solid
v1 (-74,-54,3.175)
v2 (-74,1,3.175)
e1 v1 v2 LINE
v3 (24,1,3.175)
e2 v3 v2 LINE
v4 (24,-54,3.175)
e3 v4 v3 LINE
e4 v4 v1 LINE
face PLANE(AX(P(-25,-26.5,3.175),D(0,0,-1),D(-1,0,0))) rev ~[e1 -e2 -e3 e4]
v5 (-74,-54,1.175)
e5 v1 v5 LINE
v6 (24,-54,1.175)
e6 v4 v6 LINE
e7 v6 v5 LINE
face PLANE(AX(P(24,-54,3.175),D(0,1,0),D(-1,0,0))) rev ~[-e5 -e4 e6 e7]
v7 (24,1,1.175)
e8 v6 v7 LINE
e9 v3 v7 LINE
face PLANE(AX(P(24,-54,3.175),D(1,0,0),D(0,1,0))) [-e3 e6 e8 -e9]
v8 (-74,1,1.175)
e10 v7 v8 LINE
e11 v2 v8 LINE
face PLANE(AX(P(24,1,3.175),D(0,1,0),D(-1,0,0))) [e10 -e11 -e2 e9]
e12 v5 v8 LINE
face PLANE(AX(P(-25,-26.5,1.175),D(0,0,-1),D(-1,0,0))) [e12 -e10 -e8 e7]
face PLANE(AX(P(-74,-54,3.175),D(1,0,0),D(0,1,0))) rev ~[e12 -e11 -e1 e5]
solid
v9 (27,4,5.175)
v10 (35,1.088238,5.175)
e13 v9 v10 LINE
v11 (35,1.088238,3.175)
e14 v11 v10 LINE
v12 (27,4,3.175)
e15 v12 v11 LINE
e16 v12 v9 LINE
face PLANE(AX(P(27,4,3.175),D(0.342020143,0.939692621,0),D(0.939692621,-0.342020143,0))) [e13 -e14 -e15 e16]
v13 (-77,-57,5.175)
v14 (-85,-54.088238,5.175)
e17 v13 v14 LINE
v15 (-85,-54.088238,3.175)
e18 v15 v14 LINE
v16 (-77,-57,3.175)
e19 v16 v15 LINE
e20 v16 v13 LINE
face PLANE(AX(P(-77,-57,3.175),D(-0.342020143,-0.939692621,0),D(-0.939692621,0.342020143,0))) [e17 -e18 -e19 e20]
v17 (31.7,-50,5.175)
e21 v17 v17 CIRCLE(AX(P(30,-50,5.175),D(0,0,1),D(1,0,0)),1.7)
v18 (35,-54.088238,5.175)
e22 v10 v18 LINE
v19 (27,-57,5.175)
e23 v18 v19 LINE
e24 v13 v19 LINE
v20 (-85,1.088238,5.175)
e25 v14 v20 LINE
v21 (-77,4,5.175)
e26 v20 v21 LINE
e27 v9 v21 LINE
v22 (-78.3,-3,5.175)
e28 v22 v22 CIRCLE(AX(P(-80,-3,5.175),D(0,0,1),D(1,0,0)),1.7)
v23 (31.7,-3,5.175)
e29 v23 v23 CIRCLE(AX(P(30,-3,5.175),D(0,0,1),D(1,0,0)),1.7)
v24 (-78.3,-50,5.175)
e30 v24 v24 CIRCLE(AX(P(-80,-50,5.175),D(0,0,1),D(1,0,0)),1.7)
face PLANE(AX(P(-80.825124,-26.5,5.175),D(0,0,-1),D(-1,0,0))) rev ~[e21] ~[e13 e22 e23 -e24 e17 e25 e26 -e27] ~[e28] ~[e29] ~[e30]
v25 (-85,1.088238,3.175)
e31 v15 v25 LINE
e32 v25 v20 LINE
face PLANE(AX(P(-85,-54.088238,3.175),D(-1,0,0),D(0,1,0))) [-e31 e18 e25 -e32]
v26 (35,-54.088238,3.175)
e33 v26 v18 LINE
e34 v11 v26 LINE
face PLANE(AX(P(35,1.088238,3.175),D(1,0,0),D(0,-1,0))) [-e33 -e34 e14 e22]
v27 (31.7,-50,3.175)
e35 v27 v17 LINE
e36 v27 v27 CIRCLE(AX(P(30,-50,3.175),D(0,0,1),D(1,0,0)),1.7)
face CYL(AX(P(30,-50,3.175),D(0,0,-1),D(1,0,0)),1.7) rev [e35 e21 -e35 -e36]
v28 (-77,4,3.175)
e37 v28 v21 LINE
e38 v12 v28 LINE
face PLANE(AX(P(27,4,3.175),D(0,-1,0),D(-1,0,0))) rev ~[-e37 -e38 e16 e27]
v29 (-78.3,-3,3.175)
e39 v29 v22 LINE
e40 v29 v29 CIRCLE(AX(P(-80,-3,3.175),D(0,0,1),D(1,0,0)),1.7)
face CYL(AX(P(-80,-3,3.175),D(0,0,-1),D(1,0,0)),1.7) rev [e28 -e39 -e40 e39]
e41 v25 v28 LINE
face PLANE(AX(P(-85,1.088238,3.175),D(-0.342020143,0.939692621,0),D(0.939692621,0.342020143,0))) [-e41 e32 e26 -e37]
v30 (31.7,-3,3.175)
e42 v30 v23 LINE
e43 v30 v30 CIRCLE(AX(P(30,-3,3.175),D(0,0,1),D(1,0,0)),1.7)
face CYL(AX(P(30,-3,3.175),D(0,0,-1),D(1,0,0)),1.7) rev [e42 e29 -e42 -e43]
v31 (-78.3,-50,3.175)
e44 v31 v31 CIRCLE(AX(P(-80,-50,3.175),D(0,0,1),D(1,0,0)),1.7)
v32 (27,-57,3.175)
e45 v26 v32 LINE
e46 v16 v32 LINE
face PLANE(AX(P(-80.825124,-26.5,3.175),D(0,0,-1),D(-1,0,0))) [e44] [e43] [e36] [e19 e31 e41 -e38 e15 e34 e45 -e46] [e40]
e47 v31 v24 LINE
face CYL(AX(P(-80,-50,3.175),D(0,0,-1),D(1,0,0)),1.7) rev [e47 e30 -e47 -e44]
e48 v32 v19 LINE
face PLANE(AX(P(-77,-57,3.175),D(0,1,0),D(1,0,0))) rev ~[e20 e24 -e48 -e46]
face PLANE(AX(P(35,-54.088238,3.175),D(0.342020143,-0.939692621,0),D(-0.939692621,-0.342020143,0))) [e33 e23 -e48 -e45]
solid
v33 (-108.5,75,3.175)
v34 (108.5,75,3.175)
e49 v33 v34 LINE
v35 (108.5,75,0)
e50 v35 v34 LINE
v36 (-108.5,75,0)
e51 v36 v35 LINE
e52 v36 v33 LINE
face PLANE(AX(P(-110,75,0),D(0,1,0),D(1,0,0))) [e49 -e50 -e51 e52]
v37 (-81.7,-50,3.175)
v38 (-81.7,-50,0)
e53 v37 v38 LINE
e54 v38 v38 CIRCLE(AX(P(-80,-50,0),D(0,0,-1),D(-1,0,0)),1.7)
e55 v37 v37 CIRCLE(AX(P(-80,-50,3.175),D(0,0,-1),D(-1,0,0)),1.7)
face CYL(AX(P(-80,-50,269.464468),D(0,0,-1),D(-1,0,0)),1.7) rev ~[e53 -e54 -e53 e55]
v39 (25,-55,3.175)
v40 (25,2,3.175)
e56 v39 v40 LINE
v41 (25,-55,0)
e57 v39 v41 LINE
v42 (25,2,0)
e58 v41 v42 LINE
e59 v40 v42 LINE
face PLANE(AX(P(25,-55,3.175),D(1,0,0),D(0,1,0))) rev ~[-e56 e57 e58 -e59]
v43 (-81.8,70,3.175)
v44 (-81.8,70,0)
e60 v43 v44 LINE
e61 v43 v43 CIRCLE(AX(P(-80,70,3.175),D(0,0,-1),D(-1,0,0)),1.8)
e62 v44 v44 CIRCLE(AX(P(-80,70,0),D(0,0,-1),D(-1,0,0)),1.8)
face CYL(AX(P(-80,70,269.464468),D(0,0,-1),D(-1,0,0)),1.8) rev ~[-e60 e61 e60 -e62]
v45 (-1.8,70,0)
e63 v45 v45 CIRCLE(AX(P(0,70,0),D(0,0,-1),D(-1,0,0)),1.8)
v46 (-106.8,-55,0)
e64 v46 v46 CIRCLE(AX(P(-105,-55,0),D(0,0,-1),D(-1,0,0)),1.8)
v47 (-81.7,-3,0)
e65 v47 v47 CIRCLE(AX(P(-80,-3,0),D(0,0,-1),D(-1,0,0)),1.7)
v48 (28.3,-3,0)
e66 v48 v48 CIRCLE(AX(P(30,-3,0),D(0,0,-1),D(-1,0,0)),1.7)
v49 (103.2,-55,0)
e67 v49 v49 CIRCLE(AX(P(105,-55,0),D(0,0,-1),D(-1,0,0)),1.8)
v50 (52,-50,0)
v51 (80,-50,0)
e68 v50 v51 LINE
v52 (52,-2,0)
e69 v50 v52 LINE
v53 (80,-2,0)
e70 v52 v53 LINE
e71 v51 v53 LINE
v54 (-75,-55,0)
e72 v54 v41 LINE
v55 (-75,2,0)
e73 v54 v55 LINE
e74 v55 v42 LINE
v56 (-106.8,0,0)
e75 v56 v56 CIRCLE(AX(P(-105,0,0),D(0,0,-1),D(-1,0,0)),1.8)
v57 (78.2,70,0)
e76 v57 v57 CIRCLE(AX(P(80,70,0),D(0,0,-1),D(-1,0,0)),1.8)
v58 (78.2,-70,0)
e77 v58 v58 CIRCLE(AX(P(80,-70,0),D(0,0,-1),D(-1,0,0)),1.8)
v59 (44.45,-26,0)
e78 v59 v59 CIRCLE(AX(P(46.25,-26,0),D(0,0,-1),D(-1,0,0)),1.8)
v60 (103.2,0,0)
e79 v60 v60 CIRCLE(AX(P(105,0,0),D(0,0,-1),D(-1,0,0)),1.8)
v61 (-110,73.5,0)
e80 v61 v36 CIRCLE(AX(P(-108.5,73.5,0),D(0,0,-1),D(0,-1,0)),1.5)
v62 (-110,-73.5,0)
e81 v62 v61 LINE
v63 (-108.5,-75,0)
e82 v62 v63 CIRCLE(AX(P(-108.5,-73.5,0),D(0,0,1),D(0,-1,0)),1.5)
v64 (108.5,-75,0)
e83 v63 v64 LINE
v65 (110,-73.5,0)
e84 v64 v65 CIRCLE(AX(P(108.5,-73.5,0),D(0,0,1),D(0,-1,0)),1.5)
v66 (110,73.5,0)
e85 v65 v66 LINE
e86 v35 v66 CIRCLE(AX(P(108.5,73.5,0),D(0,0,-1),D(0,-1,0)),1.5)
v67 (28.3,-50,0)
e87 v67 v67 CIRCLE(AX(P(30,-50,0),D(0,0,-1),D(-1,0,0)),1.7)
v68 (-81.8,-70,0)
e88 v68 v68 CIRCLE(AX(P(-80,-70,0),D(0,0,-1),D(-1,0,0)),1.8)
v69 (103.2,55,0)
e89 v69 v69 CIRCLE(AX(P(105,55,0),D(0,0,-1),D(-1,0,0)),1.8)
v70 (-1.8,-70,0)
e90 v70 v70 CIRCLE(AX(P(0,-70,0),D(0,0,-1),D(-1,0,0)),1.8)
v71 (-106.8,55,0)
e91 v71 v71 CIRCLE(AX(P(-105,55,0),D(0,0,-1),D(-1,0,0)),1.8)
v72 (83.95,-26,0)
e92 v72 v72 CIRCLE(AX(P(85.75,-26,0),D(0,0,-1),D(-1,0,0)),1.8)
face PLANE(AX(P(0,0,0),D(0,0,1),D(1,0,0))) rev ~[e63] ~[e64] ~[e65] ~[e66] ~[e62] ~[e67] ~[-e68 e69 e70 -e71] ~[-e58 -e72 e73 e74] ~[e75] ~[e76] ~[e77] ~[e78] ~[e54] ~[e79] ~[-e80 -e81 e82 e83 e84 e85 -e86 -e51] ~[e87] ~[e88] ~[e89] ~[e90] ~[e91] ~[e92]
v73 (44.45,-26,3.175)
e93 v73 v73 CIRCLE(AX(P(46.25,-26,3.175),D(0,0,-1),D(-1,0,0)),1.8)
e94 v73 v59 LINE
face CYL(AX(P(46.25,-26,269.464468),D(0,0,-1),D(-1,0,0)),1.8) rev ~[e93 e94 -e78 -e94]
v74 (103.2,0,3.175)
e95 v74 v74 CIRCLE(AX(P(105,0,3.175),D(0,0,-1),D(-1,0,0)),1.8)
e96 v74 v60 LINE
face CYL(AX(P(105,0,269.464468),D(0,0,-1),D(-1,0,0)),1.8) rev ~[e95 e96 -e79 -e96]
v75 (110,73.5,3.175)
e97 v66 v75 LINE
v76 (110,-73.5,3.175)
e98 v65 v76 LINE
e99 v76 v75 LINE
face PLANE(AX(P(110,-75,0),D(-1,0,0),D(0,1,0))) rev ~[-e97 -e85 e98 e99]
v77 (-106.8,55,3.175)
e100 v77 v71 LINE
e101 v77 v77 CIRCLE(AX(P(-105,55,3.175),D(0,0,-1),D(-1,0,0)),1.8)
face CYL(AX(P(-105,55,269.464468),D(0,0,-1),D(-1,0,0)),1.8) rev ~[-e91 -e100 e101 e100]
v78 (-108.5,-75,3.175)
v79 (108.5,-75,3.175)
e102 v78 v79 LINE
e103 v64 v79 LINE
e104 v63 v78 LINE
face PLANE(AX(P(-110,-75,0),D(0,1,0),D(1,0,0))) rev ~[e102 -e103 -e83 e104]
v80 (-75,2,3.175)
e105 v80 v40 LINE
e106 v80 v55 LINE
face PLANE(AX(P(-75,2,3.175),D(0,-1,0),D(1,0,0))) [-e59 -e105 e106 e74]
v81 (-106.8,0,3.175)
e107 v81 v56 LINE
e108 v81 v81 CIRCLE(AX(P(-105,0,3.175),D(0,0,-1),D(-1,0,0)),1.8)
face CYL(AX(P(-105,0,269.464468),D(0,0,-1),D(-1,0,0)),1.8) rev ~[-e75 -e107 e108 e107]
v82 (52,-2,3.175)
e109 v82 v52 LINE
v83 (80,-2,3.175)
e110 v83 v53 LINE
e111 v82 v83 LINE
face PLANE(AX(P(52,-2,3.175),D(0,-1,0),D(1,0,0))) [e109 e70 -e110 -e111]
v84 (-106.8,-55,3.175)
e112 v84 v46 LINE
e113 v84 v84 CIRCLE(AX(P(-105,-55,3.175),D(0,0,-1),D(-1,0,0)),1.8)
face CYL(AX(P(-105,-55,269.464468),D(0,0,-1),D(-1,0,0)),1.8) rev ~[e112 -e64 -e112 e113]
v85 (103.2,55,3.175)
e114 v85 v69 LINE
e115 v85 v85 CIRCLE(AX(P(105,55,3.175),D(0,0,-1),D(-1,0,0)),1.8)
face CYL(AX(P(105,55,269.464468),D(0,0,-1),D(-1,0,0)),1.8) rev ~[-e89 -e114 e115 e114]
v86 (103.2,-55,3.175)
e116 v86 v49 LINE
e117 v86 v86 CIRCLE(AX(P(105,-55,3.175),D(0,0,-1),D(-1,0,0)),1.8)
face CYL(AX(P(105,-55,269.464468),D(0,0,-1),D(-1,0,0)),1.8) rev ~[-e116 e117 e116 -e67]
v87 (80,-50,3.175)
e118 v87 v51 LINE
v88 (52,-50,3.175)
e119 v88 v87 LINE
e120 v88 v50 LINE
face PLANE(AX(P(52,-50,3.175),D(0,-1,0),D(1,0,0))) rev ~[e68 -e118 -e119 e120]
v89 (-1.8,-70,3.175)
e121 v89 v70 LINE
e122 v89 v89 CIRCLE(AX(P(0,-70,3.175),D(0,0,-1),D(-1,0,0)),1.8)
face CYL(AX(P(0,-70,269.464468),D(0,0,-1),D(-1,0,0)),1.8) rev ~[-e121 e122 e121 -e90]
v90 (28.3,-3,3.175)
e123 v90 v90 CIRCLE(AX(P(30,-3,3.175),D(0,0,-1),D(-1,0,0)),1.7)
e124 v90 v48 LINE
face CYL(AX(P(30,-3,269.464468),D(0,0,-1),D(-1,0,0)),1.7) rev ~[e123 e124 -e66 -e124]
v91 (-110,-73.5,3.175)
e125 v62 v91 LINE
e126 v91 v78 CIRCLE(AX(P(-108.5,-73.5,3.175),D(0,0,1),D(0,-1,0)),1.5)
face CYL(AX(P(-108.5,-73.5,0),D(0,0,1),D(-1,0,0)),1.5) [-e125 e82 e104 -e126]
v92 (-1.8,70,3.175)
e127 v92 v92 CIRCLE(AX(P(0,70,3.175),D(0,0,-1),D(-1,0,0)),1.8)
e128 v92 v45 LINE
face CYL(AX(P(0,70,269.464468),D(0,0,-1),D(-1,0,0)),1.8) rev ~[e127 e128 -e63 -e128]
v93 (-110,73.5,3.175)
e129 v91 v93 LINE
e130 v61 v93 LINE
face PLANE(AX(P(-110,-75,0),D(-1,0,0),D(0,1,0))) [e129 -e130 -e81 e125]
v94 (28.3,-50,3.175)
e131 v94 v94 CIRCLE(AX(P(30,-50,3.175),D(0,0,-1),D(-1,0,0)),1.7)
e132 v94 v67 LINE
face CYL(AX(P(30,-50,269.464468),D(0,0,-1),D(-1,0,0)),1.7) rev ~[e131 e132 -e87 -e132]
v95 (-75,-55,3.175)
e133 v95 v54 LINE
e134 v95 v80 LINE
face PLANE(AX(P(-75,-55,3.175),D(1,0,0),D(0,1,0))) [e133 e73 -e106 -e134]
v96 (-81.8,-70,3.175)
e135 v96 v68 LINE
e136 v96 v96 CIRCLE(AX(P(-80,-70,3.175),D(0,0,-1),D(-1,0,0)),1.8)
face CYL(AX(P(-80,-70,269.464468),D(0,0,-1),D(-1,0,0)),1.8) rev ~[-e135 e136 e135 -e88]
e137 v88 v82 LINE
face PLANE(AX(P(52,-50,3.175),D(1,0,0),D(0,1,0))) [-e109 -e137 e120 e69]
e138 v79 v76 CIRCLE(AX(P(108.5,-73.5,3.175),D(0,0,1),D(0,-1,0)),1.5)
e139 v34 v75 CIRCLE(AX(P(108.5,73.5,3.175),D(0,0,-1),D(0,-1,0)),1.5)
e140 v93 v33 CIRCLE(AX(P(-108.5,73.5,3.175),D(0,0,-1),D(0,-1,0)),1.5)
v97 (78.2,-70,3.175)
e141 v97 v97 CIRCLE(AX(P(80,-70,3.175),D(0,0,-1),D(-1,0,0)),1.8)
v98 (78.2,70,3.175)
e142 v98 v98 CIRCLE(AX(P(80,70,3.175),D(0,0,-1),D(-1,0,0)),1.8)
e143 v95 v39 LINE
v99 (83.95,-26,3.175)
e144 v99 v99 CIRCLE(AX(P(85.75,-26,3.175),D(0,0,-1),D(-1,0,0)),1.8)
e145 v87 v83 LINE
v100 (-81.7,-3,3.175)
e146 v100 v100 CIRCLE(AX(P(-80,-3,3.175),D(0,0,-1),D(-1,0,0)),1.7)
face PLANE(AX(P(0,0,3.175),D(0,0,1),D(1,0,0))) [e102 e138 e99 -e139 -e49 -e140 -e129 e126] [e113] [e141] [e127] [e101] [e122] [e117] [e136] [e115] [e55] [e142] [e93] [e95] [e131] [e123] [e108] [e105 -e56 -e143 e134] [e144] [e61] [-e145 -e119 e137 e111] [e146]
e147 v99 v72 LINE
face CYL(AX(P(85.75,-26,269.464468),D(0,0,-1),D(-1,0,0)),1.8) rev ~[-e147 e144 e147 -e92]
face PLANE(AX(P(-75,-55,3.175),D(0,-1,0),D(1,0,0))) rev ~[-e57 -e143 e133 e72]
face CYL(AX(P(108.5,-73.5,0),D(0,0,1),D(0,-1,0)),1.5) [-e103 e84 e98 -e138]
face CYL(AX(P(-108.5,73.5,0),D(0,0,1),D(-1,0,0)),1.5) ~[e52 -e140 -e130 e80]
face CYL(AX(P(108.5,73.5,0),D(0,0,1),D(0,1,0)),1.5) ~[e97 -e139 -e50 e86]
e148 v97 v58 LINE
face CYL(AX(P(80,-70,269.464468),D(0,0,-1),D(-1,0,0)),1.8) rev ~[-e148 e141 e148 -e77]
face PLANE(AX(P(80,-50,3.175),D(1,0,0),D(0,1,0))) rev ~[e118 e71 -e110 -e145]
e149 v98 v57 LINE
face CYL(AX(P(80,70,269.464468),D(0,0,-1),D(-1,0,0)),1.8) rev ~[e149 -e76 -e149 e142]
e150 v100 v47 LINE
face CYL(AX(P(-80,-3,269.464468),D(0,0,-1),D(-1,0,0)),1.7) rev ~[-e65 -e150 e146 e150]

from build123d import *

# Parameters (mm, degrees)
SKETCH1_W            = 220
SKETCH1_H            = 150
BOSS_EXTRUDE1_DEPTH  = 3.175
M3_CLEARANCE_HOLE1_D = 3.6
SKETCH4_W            = 10
SKETCH4_H            = 10
BOSS_EXTRUDE2_DEPTH  = 3.175
FILLET2_R            = 1.5
SKETCH5_W            = 28
SKETCH5_H            = 48
CUT_EXTRUDE1_DEPTH   = 134.173122758
M3_CLEARANCE_HOLE2_D = 3.6
SKETCH8_W            = 100
SKETCH8_H            = 57
CUT_EXTRUDE2_DEPTH   = 134.173122758
M3_CLEARANCE_HOLE3_D = 3.4
SKETCH11_R           = 1.7
SKETCH11_W           = 50
SKETCH11_H           = 57
BOSS_EXTRUDE3_DEPTH  = 2
SKETCH12_W           = 98
SKETCH12_H           = 55
BOSS_EXTRUDE5_DEPTH  = 2


with BuildPart() as part:
    # Sketch1 → Boss-Extrude1 (new body)
    with BuildSketch(Plane.XY):
        Rectangle(SKETCH1_W, SKETCH1_H)
    extrude(amount=BOSS_EXTRUDE1_DEPTH)

    # M3 Clearance Hole1 (through all)
    with Locations(Plane.XY.offset(3.175)):
        with Locations((0, 0), (-80, 70), (80, 70), (0, 70), (-105, 55), (-105, 0), (-105, -55), (-80, -70), (0, -70), (80, -70), (105, -55), (105, 0), (105, 55)):
            Hole(M3_CLEARANCE_HOLE1_D / 2)

    # Sketch4 → Boss-Extrude2 (add, through all)
    with BuildSketch(Plane.XY.offset(3.175)):
        Rectangle(SKETCH4_W, SKETCH4_H)
    extrude(amount=-BOSS_EXTRUDE2_DEPTH)

    # Fillet2
    fillet2_edges = [part.edges().sort_by_distance(p)[0] for p in [
        (-110, -75, 1.5875),
        (-110, 75, 1.5875),
        (110, 75, 1.5875),
        (110, -75, 1.5875),
    ]]
    fillet(fillet2_edges, radius=FILLET2_R)

    # Sketch5 → Cut-Extrude1 (cut, through all)
    with BuildSketch(Plane.XY.offset(3.175)):
        with Locations((66, -26)):
            Rectangle(SKETCH5_W, SKETCH5_H)
    extrude(amount=-CUT_EXTRUDE1_DEPTH, mode=Mode.SUBTRACT)

    # M3 Clearance Hole2 (through all)
    with Locations(Plane.XY.offset(3.175)):
        with Locations((46.25, -26), (85.75, -26)):
            Hole(M3_CLEARANCE_HOLE2_D / 2)

    # Sketch8 → Cut-Extrude2 (cut, through all)
    with BuildSketch(Plane.XY.offset(3.175)):
        with Locations((-25, -26.5)):
            Rectangle(SKETCH8_W, SKETCH8_H)
    extrude(amount=-CUT_EXTRUDE2_DEPTH, mode=Mode.SUBTRACT)

    # M3 Clearance Hole3 (through all)
    with Locations(Plane.XY.offset(3.175)):
        with Locations((-80, -3), (-80, -50), (30, -50), (30, -3)):
            Hole(M3_CLEARANCE_HOLE3_D / 2)


with BuildPart() as body_2:
    # Sketch11 → Boss-Extrude3 (new body)
    with BuildSketch(Plane.XY.offset(3.175)):
        Polygon((-77, 4), (-77, -57), (-85, -54.088238126), (-85, 1.088238126), align=None)
        with Locations((-80, -3)):
            Circle(SKETCH11_R, mode=Mode.SUBTRACT)
        with Locations((-80, -50)):
            Circle(SKETCH11_R, mode=Mode.SUBTRACT)
        Polygon((-77, -57), (-25, -57), (-25, -55), (-75, -55), (-75, 2), (-25, 2), (-25, 4), (-77, 4), align=None)
        with Locations((-50, -26.5)):
            Rectangle(SKETCH11_W, SKETCH11_H)
        with Locations((0, -26.5)):
            Rectangle(SKETCH11_W, SKETCH11_H)
        Polygon((-25, -57), (27, -57), (27, 4), (-25, 4), (-25, 2), (25, 2), (25, -55), (-25, -55), align=None)
        Polygon((27, -57), (27, 4), (35, 1.088238126), (35, -54.088238126), align=None)
        with Locations((30, -3)):
            Circle(SKETCH11_R, mode=Mode.SUBTRACT)
        with Locations((30, -50)):
            Circle(SKETCH11_R, mode=Mode.SUBTRACT)
    extrude(amount=BOSS_EXTRUDE3_DEPTH)


with BuildPart() as body_3:
    # Sketch12 → Boss-Extrude5 (new body)
    with BuildSketch(Plane(origin=(0, 0, 3.175), x_dir=(-1, 0, 0), z_dir=(0, 0, -1))):
        with Locations((25, -26.5)):
            Rectangle(SKETCH12_W, SKETCH12_H)
    extrude(amount=BOSS_EXTRUDE5_DEPTH)


solid = Compound([part.part, body_2.part, body_3.part])
